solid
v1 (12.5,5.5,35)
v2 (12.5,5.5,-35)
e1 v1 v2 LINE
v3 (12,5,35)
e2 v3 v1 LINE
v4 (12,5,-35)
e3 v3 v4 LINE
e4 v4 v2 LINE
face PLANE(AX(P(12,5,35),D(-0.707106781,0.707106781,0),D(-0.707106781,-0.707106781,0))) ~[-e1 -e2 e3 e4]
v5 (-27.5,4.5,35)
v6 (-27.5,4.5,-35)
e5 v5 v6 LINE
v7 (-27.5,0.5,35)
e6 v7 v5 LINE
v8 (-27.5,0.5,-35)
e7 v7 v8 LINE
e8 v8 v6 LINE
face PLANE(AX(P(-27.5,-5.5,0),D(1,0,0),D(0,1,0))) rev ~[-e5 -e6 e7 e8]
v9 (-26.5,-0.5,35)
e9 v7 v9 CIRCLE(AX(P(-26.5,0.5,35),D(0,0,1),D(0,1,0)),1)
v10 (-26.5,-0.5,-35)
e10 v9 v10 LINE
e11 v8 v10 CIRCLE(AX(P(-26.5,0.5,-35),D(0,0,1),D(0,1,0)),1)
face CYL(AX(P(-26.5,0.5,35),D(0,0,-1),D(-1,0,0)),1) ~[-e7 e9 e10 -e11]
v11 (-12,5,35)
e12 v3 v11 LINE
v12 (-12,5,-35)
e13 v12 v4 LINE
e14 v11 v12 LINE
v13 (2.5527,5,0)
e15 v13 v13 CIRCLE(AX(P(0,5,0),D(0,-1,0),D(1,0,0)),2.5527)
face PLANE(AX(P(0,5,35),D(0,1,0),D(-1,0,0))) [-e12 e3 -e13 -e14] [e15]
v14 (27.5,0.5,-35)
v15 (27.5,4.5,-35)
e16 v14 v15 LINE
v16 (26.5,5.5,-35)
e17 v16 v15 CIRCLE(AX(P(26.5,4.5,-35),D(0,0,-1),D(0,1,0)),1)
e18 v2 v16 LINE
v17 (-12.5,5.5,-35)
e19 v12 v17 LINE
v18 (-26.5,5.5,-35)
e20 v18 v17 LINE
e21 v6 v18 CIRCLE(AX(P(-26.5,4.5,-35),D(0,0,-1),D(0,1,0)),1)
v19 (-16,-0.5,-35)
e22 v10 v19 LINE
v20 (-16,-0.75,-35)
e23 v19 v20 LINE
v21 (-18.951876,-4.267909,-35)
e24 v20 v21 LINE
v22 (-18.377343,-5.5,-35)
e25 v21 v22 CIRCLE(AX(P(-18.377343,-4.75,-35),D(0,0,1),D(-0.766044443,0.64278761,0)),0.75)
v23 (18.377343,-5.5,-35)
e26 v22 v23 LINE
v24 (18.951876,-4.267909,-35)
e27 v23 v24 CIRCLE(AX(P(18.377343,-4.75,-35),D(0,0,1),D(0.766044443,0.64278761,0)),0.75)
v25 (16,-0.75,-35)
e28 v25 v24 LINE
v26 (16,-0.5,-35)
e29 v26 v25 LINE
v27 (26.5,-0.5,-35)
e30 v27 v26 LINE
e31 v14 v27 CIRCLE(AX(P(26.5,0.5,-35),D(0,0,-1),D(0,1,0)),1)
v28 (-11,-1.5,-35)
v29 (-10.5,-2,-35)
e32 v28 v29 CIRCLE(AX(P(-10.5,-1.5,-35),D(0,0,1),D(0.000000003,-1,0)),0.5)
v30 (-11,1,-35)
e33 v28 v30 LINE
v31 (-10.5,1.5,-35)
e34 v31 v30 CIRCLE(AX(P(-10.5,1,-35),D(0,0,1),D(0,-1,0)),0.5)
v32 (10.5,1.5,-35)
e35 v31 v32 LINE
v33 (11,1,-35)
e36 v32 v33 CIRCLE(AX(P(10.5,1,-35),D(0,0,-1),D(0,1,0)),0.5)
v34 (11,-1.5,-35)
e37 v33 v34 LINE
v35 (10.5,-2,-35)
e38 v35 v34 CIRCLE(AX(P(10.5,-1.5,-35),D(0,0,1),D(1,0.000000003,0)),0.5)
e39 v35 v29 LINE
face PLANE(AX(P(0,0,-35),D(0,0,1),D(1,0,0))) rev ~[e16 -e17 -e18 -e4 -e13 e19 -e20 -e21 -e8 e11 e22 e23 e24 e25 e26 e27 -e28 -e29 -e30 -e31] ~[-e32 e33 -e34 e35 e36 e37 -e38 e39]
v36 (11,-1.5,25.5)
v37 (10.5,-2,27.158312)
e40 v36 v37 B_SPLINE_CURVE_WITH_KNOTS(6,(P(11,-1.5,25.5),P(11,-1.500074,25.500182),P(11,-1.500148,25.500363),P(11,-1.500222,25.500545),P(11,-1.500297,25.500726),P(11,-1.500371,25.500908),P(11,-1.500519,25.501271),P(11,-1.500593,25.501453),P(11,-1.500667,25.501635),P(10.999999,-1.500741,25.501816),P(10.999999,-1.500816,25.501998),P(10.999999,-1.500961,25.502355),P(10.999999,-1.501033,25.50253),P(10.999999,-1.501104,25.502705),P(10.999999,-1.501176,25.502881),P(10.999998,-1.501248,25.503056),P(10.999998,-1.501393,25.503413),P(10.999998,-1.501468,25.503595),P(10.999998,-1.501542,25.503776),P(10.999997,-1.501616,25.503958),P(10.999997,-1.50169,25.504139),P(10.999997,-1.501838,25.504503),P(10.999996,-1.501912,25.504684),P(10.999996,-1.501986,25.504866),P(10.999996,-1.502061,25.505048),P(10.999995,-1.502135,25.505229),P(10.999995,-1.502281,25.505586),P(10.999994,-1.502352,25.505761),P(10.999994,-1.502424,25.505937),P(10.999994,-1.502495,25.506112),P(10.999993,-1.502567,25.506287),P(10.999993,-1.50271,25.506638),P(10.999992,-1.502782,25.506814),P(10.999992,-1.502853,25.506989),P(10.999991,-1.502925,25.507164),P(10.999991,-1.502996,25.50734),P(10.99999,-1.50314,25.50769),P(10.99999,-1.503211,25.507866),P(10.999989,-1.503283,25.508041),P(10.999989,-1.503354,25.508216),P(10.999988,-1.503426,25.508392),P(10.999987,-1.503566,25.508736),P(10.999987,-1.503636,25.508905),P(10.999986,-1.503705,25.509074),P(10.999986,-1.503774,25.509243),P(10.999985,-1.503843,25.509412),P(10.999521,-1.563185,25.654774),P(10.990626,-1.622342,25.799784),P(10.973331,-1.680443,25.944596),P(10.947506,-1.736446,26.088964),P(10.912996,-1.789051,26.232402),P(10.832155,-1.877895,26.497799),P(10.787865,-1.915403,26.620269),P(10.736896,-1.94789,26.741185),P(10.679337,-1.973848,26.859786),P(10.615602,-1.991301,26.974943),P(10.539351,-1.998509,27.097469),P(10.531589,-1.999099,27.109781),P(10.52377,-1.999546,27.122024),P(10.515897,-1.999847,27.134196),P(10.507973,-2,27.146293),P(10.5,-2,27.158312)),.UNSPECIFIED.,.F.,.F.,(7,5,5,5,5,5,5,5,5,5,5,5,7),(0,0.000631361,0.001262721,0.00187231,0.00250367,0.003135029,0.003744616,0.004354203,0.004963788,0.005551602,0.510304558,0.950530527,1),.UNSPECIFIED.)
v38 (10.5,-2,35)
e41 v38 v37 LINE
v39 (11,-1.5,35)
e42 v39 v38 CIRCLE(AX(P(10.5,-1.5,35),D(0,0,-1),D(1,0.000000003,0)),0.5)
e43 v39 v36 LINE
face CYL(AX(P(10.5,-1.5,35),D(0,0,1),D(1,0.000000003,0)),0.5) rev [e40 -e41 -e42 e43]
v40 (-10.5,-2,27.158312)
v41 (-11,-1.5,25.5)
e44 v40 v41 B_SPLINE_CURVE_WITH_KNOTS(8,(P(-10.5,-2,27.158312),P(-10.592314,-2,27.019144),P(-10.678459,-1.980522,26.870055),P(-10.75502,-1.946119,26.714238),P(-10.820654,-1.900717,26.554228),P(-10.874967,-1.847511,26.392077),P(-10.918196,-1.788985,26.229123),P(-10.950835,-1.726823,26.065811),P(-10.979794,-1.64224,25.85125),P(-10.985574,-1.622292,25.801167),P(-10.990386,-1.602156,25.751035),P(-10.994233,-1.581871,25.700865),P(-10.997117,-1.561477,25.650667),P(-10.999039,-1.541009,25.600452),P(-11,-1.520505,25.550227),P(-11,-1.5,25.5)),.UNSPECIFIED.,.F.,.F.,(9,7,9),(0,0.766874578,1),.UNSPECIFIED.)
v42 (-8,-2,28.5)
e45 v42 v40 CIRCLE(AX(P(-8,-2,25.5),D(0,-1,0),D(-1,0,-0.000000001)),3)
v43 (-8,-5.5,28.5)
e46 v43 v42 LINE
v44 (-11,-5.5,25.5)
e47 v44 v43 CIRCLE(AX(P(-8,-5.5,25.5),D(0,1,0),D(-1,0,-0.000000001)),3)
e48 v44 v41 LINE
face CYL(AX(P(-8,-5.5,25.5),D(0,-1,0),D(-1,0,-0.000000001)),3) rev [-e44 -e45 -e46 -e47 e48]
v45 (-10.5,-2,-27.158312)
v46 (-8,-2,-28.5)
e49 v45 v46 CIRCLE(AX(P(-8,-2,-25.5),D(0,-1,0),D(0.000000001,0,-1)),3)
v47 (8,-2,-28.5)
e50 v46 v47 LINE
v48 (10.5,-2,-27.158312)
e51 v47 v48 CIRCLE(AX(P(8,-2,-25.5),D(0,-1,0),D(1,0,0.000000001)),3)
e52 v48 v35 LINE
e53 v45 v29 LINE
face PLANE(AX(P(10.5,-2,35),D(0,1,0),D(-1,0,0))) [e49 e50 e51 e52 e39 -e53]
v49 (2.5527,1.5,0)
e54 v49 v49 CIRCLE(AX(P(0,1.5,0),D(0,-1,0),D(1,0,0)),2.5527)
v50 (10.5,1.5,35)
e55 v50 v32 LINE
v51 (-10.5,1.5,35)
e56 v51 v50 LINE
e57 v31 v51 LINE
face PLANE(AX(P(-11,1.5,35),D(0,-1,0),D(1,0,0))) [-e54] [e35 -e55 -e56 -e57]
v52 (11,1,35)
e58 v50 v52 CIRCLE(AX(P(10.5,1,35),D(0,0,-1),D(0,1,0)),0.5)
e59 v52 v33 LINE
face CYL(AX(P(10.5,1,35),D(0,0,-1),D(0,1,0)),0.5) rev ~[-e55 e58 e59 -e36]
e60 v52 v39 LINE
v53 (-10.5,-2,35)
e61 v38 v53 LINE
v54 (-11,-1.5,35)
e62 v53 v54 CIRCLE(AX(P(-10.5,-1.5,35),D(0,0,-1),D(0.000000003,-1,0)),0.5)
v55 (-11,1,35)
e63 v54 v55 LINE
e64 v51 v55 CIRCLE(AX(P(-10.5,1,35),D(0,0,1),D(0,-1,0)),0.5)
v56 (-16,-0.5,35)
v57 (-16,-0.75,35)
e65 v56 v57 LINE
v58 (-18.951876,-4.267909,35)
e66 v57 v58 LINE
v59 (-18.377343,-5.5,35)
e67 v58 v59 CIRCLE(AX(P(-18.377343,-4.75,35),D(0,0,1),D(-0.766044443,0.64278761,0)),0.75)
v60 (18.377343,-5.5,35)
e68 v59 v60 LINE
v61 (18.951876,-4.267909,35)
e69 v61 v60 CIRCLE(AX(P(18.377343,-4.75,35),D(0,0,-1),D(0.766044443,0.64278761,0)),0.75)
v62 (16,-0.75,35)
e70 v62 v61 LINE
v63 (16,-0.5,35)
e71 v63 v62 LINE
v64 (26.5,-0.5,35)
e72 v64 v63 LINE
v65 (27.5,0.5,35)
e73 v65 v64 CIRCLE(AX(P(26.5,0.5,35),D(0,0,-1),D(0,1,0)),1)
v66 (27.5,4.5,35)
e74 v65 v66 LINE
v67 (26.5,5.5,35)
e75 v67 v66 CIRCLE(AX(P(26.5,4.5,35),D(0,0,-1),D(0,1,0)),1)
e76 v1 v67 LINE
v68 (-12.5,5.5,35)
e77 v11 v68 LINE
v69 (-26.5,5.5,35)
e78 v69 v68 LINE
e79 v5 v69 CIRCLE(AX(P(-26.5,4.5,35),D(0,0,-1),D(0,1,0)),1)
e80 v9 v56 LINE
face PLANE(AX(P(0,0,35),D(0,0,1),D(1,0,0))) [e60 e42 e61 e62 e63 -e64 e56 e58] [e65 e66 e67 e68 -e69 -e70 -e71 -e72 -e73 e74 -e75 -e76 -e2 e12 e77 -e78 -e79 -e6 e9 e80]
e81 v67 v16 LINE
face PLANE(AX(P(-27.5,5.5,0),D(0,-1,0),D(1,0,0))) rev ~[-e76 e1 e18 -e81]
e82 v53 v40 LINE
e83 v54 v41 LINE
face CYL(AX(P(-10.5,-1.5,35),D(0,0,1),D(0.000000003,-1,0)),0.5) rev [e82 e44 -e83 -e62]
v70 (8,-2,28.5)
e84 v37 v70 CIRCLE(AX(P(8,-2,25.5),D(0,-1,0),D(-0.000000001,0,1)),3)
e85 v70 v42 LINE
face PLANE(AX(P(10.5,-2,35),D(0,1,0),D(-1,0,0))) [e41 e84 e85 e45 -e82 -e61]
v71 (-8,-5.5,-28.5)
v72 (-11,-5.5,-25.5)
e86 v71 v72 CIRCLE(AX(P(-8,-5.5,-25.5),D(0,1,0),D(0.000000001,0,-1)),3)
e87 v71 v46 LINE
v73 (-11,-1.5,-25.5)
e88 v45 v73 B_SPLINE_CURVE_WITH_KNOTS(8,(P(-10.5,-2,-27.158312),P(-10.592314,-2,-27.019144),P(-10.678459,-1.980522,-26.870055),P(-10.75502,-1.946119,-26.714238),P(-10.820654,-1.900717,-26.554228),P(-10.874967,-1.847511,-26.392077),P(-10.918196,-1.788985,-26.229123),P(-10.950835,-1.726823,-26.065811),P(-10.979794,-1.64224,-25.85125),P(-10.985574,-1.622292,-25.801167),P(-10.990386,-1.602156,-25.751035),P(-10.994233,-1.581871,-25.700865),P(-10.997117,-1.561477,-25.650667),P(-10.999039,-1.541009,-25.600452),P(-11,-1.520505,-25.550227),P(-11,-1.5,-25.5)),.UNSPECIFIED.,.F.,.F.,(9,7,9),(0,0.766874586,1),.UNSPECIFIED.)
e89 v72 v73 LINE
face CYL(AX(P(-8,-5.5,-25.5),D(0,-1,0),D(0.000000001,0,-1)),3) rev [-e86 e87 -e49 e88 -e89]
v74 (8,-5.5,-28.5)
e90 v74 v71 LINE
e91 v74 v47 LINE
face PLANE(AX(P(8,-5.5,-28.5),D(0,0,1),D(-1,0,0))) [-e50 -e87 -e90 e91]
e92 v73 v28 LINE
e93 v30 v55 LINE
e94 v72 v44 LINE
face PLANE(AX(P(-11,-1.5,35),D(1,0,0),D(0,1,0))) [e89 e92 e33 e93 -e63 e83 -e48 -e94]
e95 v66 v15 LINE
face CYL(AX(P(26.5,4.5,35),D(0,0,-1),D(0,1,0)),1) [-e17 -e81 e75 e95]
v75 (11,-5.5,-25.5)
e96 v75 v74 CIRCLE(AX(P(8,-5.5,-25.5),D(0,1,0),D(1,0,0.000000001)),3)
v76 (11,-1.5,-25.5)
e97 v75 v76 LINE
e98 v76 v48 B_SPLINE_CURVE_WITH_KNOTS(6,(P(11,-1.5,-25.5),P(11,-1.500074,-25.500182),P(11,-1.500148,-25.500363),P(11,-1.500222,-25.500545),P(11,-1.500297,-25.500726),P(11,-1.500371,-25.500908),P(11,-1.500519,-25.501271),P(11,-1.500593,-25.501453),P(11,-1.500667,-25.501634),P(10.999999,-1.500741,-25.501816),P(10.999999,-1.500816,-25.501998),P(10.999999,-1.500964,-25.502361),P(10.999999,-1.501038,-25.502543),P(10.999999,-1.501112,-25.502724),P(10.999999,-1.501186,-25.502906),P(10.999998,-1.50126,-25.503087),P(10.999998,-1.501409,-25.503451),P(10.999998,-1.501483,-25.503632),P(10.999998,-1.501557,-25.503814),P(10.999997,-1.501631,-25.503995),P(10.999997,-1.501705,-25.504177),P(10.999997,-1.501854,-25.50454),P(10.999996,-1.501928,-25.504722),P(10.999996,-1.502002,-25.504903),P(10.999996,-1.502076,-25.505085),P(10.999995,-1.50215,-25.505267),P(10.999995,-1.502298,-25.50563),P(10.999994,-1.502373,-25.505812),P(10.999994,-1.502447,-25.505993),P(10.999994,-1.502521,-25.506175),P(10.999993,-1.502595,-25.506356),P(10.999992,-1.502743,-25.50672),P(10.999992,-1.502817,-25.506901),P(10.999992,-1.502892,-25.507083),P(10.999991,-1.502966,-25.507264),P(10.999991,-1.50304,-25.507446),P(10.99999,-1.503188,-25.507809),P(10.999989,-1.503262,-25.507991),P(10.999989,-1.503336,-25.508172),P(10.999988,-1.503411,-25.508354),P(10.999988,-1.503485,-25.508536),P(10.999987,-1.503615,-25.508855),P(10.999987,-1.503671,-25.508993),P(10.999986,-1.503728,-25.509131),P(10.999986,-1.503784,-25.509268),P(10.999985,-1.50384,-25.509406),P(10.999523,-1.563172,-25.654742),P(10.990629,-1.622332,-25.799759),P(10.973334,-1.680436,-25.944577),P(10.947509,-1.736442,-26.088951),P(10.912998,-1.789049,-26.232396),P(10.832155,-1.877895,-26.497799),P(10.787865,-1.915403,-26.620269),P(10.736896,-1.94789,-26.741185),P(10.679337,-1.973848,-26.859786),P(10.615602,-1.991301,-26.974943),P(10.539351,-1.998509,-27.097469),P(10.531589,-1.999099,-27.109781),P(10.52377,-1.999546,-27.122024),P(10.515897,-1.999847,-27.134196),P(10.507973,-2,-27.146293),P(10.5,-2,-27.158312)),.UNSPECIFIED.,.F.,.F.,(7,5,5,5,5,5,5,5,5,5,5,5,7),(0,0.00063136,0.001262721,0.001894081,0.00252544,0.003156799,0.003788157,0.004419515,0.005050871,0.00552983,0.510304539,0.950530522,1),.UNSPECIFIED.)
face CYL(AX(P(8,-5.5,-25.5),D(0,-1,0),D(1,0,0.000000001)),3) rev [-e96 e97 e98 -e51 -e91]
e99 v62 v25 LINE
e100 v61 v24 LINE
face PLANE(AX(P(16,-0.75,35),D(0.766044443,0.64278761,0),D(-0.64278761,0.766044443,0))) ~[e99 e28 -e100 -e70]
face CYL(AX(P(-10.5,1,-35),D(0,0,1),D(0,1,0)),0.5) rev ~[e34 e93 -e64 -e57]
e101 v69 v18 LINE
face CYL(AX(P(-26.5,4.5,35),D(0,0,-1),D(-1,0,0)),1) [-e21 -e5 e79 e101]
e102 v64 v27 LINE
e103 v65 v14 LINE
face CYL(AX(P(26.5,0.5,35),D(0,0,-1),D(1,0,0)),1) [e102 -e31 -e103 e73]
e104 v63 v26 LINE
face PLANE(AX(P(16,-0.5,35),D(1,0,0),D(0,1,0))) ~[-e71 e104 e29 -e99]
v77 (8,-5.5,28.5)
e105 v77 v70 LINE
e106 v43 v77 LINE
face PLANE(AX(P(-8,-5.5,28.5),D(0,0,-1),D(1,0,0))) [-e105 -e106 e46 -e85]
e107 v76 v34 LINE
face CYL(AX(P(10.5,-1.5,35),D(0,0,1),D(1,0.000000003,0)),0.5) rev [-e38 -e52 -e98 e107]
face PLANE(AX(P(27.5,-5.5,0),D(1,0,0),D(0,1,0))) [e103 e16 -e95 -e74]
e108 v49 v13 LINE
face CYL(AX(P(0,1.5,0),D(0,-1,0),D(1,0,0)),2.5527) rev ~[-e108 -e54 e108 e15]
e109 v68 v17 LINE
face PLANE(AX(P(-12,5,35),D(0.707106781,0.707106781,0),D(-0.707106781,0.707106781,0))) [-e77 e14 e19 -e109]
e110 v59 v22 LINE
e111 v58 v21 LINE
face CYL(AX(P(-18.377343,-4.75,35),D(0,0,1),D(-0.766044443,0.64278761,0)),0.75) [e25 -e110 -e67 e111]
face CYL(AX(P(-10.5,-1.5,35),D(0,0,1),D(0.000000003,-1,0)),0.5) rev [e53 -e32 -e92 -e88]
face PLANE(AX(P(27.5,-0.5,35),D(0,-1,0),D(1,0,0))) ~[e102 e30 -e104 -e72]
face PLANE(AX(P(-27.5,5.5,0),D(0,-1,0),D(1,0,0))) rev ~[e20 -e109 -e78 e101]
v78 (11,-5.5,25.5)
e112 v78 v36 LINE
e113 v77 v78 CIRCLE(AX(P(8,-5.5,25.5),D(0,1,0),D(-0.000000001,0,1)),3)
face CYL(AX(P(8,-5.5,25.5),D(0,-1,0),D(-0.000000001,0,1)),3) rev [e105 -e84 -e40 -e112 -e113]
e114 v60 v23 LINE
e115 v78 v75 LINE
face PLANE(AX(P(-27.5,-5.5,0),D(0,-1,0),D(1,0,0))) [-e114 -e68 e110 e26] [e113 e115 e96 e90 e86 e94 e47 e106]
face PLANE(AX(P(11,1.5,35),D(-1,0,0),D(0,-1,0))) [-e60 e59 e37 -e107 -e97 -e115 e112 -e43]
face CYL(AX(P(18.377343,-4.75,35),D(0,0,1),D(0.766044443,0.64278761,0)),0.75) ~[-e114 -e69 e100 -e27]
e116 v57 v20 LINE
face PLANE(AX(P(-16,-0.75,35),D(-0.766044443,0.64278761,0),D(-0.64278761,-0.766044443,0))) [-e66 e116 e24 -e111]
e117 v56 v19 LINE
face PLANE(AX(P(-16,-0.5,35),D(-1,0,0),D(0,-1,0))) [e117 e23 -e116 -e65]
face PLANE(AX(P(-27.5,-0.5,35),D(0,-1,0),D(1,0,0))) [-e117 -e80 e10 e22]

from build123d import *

# Parameters (mm, degrees)
SKETCH1_W           = 55
SKETCH1_H           = 11
BOSS_EXTRUDE1_DEPTH = 35
CUT_EXTRUDE1_DEPTH  = 71
FILLET1_R           = 1
CUT_EXTRUDE2_DEPTH  = 71
CUT_EXTRUDE3_DEPTH  = 71
CUT_EXTRUDE4_DEPTH  = 7
FILLET2_R           = 0.5
SKETCH6_R           = 2.5527
CUT_EXTRUDE5_DEPTH  = 5


with BuildPart() as part:
    # Sketch1 → Boss-Extrude1 (new body, symmetric)
    with BuildSketch(Plane.XY):
        Rectangle(SKETCH1_W, SKETCH1_H)
    extrude(amount=BOSS_EXTRUDE1_DEPTH, both=True)

    # Sketch2 → Cut-Extrude1 (cut, through all)
    with BuildSketch(Plane.XY.offset(35)):
        with BuildLine():
            Line((-27.5, -0.5), (-16, -0.5))
            Line((-16, -0.5), (-16, -0.75))
            Line((-16, -0.75), (-18.95187639, -4.267909293))
            ThreePointArc((-18.95187639, -4.267909293), (-19.057073898, -5.066963696), (-18.377343058, -5.5))
            Line((-18.377343058, -5.5), (-27.5, -5.5))
            Line((-27.5, -5.5), (-27.5, -0.5))
        make_face()
    cut_extrude1 = extrude(amount=-CUT_EXTRUDE1_DEPTH, mode=Mode.SUBTRACT)

    # Mirror1: Cut-Extrude1 across plane
    add(cut_extrude1.mirror(Plane(origin=(0, 0, 0), x_dir=(0, 0, 1), z_dir=(1, 0, 0))), mode=Mode.SUBTRACT)

    # Fillet1
    fillet1_edges = [part.edges().sort_by_distance(p)[0] for p in [
        (-27.5, -0.5, 0),
        (27.5, -0.5, 0),
        (-27.5, 5.5, 0),
        (27.5, 5.5, 0),
    ]]
    fillet(fillet1_edges, radius=FILLET1_R)

    # Sketch3 → Cut-Extrude2 (cut, through all)
    with BuildSketch(Plane.XY.offset(35)):
        Polygon((-12.5, 5.5), (0, 5.5), (0, 5), (-12, 5), align=None)
    cut_extrude2 = extrude(amount=-CUT_EXTRUDE2_DEPTH, mode=Mode.SUBTRACT)

    # Mirror2: Cut-Extrude2 across plane
    add(cut_extrude2.mirror(Plane(origin=(0, 0, 0), x_dir=(0, 0, 1), z_dir=(1, 0, 0))), mode=Mode.SUBTRACT)

    # Sketch4 → Cut-Extrude3 (cut, through all)
    with BuildSketch(Plane.XY.offset(35)):
        with BuildLine():
            Line((-11, 1.5), (11, 1.5))
            Line((11, 1.5), (11, -1.5))
            ThreePointArc((11, -1.5), (10.853553391, -1.853553391), (10.5, -2))
            Line((10.5, -2), (-10.5, -2))
            ThreePointArc((-10.5, -2), (-10.853553391, -1.853553391), (-11, -1.5))
            Line((-11, -1.5), (-11, 1.5))
        make_face()
    extrude(amount=-CUT_EXTRUDE3_DEPTH, mode=Mode.SUBTRACT)

    # Sketch5 → Cut-Extrude4 (cut)
    with BuildSketch(Plane.XZ.offset(5.5)):
        with BuildLine():
            Line((-8, 28.5), (8, 28.5))
            ThreePointArc((8, 28.5), (10.121320344, 27.621320344), (11, 25.5))
            Line((11, 25.5), (11, -25.5))
            ThreePointArc((11, -25.5), (10.121320344, -27.621320344), (8, -28.5))
            Line((8, -28.5), (-8, -28.5))
            ThreePointArc((-8, -28.5), (-10.121320344, -27.621320344), (-11, -25.5))
            Line((-11, -25.5), (-11, 25.5))
            ThreePointArc((-11, 25.5), (-10.121320344, 27.621320344), (-8, 28.5))
        make_face()
    extrude(amount=-CUT_EXTRUDE4_DEPTH, mode=Mode.SUBTRACT)

    # Fillet2
    fillet2_edges = [part.edges().sort_by_distance(p)[0] for p in [
        (-11, 1.5, 0),
        (11, 1.5, 0),
    ]]
    fillet(fillet2_edges, radius=FILLET2_R)

    # Sketch6 → Cut-Extrude5 (cut, through all)
    with BuildSketch(Plane.XZ.offset(-1.5)):
        Circle(SKETCH6_R)
    extrude(amount=-CUT_EXTRUDE5_DEPTH, mode=Mode.SUBTRACT)


solid = part.part
